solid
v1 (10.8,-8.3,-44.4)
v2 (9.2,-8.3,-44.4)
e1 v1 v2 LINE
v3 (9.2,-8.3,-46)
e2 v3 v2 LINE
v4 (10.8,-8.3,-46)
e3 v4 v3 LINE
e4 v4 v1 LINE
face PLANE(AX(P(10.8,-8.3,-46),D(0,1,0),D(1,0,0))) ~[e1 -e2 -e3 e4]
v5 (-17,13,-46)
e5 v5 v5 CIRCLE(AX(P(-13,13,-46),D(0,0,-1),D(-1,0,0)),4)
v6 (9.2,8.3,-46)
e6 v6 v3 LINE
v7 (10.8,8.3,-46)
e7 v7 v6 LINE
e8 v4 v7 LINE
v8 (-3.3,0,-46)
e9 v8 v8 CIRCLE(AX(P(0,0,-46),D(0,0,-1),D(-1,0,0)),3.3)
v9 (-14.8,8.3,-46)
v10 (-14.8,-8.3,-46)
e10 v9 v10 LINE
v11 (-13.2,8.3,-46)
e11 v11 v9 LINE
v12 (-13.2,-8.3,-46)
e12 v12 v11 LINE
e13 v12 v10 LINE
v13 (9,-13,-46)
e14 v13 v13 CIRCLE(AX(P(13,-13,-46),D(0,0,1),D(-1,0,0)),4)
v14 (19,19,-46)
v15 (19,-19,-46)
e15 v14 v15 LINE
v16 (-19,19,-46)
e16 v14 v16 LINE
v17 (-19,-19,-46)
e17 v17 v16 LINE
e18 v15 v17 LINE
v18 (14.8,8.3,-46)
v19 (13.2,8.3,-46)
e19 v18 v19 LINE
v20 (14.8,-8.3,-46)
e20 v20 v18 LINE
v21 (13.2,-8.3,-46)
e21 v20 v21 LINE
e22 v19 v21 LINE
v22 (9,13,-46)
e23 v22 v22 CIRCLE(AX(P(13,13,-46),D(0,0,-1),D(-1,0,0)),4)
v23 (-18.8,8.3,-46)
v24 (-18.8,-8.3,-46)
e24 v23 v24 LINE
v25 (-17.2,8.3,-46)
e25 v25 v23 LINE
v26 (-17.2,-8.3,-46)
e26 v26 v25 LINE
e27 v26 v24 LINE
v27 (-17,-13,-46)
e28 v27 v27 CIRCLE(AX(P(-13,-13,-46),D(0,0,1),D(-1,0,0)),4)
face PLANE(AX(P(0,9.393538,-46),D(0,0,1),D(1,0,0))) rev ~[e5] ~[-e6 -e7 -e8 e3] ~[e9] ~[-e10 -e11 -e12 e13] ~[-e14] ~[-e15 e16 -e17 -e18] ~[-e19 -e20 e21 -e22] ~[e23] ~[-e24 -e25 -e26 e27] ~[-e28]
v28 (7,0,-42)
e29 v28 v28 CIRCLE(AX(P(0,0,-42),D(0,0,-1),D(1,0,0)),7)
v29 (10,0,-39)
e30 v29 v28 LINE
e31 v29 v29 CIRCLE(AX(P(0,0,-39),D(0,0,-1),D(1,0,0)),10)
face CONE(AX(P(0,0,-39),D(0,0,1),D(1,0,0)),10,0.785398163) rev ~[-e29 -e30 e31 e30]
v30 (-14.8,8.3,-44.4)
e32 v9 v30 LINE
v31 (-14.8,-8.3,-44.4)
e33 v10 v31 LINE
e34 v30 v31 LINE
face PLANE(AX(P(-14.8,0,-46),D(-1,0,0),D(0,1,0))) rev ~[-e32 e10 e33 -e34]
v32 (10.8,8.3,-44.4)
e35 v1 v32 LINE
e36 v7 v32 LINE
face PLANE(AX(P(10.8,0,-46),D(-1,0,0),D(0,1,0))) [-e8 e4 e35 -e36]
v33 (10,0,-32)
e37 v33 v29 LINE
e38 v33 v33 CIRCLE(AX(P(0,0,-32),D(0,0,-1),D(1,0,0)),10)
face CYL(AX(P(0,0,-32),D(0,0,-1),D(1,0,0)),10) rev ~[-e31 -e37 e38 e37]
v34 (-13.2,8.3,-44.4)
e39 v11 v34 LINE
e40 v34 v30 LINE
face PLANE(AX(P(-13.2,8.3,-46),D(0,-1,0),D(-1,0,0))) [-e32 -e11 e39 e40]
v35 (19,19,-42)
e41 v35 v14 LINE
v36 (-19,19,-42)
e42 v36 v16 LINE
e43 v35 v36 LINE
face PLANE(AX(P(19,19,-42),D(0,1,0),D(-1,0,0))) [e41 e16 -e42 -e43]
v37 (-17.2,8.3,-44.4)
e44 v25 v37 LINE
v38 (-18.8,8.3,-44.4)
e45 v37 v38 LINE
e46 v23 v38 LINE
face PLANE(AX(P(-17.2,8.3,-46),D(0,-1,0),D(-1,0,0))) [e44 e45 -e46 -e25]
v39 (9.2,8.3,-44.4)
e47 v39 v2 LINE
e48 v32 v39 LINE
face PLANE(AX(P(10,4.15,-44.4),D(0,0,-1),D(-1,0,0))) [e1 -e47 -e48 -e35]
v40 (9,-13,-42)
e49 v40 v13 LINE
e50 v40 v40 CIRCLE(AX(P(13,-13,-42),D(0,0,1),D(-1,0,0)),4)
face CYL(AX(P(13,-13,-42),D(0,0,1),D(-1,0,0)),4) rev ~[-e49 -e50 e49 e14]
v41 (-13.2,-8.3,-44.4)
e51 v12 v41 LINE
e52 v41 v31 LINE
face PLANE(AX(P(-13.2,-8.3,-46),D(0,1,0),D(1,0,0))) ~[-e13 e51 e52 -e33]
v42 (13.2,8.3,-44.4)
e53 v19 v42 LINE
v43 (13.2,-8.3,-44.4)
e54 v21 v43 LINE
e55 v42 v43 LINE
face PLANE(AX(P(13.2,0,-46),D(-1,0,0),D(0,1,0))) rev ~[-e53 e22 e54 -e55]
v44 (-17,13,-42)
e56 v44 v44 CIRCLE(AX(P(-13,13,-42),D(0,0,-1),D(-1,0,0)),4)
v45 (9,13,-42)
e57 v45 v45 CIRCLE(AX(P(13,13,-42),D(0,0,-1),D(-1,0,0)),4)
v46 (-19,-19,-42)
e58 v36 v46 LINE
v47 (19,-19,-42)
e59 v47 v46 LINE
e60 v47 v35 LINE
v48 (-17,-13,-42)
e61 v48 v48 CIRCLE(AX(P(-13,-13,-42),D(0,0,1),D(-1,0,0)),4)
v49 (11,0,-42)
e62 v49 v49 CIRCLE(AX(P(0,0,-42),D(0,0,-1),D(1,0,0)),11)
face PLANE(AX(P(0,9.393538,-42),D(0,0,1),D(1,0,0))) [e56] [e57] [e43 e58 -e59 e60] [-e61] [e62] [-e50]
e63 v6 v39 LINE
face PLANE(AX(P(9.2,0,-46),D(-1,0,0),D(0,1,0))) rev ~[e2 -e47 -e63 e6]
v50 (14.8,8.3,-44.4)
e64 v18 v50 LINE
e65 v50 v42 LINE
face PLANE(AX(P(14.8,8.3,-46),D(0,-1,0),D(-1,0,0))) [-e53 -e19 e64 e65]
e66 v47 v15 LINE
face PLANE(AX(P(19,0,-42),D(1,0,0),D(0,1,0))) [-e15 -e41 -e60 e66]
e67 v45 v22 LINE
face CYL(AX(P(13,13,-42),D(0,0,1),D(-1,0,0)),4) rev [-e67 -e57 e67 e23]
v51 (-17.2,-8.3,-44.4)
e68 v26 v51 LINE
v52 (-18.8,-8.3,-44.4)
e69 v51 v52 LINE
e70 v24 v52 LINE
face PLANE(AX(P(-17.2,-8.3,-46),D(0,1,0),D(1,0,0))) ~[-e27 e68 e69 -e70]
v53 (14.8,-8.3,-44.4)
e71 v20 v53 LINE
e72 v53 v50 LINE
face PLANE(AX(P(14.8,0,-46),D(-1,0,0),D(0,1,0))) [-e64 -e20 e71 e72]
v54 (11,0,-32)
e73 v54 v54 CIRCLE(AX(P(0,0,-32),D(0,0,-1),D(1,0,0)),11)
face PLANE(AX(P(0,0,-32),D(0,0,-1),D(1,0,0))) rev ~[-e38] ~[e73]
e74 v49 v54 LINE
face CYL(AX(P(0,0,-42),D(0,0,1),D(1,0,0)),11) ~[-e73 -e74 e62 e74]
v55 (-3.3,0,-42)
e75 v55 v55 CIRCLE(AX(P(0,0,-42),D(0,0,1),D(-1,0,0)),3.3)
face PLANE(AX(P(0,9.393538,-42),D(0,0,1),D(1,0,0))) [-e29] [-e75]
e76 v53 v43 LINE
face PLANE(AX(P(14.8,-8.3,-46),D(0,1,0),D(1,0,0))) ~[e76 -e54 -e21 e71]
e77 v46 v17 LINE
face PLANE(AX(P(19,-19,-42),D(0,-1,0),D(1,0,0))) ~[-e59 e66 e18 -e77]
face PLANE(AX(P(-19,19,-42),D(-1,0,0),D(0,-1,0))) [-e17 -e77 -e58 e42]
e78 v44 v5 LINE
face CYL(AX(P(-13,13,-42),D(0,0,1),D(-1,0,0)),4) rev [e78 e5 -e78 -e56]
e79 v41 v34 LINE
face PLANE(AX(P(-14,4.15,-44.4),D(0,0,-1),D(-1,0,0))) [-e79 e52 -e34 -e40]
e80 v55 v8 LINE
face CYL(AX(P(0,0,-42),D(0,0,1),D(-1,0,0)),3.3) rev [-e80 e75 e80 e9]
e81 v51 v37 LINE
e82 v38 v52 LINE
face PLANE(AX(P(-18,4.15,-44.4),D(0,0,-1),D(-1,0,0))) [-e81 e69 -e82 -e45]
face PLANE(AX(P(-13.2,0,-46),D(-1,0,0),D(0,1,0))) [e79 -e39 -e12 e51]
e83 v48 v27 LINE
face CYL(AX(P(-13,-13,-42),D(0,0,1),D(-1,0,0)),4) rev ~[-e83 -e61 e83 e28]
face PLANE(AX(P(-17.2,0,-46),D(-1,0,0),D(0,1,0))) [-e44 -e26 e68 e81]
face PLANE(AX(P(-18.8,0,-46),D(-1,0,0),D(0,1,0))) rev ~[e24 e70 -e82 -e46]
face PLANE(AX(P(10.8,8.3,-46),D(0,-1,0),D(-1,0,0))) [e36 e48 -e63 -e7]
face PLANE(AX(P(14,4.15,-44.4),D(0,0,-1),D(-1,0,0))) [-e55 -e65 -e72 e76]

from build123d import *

# Parameters (mm, degrees)
SKETCH012_W             = 1.6
SKETCH012_H             = 8.3
EXTRUDE011_DEPTH        = 1.6
SKETCH008_R             = 4
EXTRUDE007_DEPTH        = 4
BODY004_PLACEMENT_ANGLE = 180


with BuildPart() as extrude011:
    # Sketch012 → Extrude011 (new body)
    with BuildSketch(Plane.XY.offset(5)):
        with Locations((14, 4.15)):
            Rectangle(SKETCH012_W, SKETCH012_H)
        with Locations((18, 4.15)):
            Rectangle(SKETCH012_W, SKETCH012_H)
        with Locations((-10, 4.15)):
            Rectangle(SKETCH012_W, SKETCH012_H)
        with Locations((-14, 4.15)):
            Rectangle(SKETCH012_W, SKETCH012_H)
    extrude(amount=-EXTRUDE011_DEPTH)


with BuildPart() as extrude011_1:
    # Extrude011 placement: moved
    add(extrude011.part.moved(Location((0, 0, -1))))


with BuildPart() as cut:
    # Sketch008 → Extrude007 (new body)
    with BuildSketch(Plane.XY):
        with BuildLine():
            ThreePointArc((3.3, 0), (0, 3.3), (-3.3, 0))
            Line((-3.3, 0), (-19, 0))
            Line((-19, 0), (-19, 19))
            Line((-19, 19), (19, 19))
            Line((19, 19), (19, 0))
            Line((3.3, 0), (19, 0))
        make_face()
        with Locations((-13, 13)):
            Circle(SKETCH008_R, mode=Mode.SUBTRACT)
        with Locations((13, 13)):
            Circle(SKETCH008_R, mode=Mode.SUBTRACT)
    extrude(amount=EXTRUDE007_DEPTH)

    # Cut: cut Extrude011
    add(extrude011_1.part, mode=Mode.SUBTRACT)


with BuildPart() as revolve001:
    # Sketch014 → Revolve001 (revolve)
    with BuildSketch(Plane.XZ):
        Polygon((-11, 0), (-11, -10), (-10, -10), (-10, -3), (-7, 0), align=None)
    revolve(axis=Axis((0, 0, 0), (0, 0, 1)))


with BuildPart() as body:
    # Body base: copy of Cut
    add(cut.part)


with BuildPart() as body004:
    # Part__Mirroring: instance of Body
    add(body.part.mirror(Plane(origin=(0, 0, 0), x_dir=(1, 0, 0), z_dir=(0, 1, 0))))

    # Fusion004: union Cut, Revolve001
    add(cut.part)
    add(revolve001.part)


with BuildPart() as body004_1:
    # Body004 placement: moved
    add(body004.part.moved(Location((0, 0, -42))).rotate(Axis((0, 0, -42), (0, 1, 0)), BODY004_PLACEMENT_ANGLE))


solid = body004_1.part
